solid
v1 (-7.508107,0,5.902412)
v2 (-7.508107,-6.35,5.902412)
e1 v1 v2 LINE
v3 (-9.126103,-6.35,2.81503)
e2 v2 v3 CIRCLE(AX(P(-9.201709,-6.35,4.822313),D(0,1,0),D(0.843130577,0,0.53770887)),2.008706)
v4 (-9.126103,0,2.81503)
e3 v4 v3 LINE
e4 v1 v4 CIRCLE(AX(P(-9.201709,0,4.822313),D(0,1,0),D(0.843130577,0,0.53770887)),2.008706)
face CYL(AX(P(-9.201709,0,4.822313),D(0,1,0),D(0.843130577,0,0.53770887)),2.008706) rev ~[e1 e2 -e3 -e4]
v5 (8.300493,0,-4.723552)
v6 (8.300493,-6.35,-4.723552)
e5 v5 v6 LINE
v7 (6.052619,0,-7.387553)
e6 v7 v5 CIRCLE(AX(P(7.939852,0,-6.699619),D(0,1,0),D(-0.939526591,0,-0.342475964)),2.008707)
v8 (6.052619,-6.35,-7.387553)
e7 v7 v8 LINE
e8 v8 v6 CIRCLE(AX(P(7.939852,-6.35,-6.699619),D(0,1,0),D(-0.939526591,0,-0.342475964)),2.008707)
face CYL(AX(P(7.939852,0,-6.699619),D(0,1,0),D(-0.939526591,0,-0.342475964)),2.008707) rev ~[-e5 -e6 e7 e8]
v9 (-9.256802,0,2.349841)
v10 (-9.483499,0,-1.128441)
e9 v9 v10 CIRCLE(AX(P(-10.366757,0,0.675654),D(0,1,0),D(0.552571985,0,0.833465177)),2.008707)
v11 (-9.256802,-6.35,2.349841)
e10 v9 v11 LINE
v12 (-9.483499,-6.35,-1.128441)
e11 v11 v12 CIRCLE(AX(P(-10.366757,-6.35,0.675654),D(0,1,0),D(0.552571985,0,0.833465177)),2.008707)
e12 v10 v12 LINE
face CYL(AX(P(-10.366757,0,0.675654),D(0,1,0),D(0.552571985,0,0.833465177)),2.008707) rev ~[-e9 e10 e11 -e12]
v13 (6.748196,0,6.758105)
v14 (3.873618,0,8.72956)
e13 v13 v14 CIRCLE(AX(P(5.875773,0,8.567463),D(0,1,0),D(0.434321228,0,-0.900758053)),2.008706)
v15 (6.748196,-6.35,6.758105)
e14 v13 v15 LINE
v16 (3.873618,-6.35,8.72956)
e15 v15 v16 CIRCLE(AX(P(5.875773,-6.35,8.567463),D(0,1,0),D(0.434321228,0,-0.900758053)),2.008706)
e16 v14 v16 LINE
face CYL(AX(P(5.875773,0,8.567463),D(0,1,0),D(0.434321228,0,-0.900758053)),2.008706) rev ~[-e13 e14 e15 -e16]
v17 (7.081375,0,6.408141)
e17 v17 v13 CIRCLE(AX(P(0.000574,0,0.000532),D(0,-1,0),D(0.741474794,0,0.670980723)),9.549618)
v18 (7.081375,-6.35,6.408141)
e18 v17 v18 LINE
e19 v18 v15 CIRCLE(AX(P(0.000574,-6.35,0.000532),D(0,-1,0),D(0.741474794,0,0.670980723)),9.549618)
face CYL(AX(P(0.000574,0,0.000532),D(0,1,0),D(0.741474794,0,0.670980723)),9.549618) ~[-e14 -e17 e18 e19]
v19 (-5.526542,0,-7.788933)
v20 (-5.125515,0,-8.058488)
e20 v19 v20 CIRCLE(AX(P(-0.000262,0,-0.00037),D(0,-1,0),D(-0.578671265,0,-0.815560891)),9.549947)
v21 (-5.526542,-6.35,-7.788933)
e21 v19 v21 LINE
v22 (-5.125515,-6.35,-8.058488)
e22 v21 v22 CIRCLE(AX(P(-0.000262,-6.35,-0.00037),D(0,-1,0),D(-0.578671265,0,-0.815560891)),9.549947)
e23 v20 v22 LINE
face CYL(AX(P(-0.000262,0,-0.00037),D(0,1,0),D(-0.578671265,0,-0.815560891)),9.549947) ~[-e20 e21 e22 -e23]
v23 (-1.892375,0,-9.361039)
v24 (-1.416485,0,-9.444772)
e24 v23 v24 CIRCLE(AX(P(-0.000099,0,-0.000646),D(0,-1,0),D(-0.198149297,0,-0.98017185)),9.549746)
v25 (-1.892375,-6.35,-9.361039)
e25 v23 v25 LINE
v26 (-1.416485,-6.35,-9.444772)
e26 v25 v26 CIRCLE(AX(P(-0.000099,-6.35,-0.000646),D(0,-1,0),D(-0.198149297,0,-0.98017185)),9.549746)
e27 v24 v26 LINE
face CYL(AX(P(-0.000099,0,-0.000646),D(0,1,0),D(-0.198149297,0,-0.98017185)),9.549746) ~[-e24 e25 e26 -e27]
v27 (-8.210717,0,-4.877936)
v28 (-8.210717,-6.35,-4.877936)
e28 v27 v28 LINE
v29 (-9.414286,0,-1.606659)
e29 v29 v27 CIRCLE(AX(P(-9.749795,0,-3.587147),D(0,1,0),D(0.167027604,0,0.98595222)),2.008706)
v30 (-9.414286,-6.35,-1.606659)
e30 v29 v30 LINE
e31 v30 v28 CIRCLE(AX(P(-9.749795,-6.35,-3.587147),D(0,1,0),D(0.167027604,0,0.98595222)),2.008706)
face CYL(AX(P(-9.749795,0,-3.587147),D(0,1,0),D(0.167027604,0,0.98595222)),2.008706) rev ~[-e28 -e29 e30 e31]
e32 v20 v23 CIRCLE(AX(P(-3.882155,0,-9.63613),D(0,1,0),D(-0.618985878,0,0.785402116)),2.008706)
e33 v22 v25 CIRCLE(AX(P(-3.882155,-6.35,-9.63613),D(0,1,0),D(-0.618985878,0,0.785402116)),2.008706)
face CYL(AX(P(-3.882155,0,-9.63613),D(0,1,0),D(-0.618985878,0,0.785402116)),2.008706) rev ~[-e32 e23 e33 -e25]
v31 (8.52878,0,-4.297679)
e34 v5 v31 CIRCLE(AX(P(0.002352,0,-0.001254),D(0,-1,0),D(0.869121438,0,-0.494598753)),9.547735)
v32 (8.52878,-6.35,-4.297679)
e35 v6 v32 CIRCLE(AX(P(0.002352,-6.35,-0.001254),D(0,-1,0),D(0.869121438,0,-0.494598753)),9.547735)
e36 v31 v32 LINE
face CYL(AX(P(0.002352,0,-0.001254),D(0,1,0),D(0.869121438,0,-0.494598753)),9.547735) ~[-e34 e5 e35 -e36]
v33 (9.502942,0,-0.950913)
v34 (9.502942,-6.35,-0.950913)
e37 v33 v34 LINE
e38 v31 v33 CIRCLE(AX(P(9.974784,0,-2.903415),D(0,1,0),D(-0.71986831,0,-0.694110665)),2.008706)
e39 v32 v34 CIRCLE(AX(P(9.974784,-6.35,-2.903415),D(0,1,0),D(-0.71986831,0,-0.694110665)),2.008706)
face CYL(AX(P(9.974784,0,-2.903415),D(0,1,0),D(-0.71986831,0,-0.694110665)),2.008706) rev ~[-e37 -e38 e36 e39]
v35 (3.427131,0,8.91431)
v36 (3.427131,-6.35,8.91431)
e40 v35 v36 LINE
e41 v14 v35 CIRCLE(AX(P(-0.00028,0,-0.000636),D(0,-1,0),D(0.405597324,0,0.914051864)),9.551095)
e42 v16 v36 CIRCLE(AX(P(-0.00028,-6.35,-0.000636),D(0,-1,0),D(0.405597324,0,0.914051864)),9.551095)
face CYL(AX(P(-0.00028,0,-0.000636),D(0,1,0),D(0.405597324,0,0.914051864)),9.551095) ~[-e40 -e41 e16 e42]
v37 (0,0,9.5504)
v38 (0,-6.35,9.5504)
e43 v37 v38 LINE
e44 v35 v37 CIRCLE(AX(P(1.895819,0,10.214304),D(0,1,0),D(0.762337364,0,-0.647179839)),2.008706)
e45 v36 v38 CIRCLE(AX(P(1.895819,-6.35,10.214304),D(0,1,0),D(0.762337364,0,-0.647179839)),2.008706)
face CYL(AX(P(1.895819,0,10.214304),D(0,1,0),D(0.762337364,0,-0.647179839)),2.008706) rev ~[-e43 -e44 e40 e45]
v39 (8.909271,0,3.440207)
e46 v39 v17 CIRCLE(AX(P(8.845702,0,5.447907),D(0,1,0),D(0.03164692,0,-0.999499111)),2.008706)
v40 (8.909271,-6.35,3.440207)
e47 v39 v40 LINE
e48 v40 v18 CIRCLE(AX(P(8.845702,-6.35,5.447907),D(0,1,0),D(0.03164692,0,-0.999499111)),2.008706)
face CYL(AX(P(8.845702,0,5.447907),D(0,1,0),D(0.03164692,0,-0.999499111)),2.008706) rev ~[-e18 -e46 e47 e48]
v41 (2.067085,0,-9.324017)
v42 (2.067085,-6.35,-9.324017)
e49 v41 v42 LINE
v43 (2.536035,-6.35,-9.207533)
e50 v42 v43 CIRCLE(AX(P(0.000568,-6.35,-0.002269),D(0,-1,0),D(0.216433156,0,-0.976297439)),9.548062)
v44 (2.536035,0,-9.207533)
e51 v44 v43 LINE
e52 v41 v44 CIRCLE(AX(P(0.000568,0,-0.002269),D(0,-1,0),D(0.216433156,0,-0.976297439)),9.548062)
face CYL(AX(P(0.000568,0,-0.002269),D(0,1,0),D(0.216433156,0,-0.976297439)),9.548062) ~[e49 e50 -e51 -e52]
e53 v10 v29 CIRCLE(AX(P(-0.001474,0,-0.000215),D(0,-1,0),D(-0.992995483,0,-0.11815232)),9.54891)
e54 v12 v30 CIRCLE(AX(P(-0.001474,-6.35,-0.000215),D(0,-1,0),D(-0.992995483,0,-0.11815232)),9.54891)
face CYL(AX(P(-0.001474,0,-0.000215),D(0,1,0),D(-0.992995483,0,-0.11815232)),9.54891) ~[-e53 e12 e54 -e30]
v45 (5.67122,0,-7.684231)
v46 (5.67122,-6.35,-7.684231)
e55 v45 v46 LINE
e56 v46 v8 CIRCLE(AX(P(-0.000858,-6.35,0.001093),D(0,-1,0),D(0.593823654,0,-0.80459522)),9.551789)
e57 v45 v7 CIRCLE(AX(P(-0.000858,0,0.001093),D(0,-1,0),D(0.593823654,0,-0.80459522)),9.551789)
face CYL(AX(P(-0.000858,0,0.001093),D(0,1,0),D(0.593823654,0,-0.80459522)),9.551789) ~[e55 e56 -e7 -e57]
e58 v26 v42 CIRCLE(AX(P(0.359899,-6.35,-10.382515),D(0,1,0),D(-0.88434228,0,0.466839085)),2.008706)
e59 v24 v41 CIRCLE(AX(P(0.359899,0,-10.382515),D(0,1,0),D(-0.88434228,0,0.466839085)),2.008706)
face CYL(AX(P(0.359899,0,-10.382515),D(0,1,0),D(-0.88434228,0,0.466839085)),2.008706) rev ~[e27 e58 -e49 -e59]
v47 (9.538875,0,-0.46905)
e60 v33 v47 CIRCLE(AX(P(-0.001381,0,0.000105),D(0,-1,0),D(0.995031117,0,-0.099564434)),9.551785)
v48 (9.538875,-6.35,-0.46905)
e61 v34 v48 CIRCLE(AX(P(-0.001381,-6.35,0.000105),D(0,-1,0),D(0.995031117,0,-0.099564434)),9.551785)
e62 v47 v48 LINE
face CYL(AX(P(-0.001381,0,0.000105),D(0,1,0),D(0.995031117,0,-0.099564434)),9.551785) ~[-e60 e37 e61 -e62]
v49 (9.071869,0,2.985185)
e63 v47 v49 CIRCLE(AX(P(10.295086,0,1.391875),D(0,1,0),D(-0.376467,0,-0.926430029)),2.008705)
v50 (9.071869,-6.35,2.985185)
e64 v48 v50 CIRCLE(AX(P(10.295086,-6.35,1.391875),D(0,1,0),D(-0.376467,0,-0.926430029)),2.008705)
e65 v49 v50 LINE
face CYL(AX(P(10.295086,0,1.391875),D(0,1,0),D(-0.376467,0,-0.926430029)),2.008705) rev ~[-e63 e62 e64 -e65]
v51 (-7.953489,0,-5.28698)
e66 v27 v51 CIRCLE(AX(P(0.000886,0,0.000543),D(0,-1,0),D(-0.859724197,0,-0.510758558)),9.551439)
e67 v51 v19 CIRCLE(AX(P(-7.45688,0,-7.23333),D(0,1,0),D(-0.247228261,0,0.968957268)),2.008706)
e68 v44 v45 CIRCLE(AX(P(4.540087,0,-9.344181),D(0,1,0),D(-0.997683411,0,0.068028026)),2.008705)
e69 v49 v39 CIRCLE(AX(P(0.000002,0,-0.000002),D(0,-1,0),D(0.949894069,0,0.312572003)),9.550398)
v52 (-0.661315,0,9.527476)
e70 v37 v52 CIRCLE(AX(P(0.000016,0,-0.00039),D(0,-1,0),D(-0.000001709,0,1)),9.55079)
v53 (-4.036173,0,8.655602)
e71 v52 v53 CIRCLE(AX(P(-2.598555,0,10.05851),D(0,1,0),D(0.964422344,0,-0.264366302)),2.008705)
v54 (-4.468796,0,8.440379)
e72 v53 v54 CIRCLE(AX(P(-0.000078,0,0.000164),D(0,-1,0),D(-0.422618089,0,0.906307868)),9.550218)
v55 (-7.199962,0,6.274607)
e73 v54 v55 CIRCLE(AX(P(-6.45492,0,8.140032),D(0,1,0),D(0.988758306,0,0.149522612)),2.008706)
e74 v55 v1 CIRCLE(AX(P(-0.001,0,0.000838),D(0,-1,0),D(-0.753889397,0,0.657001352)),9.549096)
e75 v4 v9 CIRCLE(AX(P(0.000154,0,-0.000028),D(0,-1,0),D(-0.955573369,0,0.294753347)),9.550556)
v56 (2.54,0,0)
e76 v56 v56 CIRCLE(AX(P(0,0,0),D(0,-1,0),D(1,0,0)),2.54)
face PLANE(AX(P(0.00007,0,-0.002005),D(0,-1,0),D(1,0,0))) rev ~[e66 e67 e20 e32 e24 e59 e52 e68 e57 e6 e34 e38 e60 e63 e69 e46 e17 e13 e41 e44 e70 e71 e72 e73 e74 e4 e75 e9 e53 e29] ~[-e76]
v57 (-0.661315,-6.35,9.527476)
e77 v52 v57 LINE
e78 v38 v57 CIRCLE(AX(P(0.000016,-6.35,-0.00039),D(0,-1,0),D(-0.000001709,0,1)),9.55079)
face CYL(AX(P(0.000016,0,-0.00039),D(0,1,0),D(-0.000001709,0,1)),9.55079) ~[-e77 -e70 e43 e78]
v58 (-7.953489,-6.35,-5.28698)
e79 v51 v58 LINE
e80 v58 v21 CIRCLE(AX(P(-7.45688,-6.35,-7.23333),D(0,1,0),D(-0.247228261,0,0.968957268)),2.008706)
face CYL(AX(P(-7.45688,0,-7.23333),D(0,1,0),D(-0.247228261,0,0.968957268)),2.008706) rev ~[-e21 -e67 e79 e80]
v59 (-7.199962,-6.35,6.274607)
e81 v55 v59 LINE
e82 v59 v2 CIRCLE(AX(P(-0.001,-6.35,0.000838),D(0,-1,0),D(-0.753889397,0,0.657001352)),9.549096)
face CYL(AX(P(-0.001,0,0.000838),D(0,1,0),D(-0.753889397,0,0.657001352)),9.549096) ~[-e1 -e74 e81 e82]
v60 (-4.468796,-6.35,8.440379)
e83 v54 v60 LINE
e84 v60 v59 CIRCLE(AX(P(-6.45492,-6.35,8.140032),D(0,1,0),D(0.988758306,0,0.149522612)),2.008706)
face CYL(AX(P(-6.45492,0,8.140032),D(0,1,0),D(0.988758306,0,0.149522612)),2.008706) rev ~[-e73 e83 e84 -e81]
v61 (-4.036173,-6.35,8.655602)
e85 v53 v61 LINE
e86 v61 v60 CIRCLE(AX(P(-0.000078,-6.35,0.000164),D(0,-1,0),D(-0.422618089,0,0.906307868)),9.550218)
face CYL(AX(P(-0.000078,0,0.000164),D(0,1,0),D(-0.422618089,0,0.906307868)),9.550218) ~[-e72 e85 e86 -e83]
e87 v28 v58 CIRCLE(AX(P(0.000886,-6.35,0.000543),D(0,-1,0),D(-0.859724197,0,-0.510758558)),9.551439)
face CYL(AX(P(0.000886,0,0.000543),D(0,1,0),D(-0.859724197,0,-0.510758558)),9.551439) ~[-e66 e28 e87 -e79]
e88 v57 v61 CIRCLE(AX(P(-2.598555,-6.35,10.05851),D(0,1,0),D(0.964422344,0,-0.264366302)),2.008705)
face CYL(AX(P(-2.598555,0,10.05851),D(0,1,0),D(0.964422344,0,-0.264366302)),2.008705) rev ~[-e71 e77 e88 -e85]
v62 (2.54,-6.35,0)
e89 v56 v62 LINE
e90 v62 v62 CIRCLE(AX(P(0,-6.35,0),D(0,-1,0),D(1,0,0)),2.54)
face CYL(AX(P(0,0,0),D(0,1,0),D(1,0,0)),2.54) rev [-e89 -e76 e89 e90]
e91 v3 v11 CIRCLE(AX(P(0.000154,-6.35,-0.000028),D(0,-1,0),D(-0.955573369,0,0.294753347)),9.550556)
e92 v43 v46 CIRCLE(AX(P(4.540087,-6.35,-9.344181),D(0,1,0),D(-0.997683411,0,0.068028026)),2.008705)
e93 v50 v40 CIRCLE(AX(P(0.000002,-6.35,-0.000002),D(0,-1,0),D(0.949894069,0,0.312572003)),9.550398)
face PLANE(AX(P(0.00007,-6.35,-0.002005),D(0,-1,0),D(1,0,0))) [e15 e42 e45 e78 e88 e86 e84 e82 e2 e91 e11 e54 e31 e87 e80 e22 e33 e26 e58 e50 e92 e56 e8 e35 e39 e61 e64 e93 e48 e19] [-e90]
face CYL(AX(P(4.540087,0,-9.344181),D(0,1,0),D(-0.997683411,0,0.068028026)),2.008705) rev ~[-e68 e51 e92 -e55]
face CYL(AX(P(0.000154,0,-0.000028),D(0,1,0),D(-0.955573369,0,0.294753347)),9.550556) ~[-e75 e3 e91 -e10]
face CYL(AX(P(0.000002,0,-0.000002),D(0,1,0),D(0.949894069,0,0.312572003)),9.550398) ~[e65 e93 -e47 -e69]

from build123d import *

# Parameters (mm, degrees)
F0_R     = 2.54
F1_DEPTH = 6.35


with BuildPart() as f1:
    # F0 (on Front) → F1 (new body)
    with BuildSketch(Plane.XZ):
        with BuildLine():
            ThreePointArc((-4.468796, 8.440379), (-5.206836, 6.566125), (-7.199962, 6.274607))
            ThreePointArc((-7.199962, 6.274607), (-7.356389, 6.090459), (-7.508107, 5.902412))
            ThreePointArc((-7.508107, 5.902412), (-7.422522, 3.889899), (-9.126103, 2.81503))
            ThreePointArc((-9.126103, 2.81503), (-9.194395, 2.583262), (-9.256802, 2.349841))
            ThreePointArc((-9.256802, 2.349841), (-8.362303, 0.545014), (-9.483499, -1.128441))
            ThreePointArc((-9.483499, -1.128441), (-9.451918, -1.367987), (-9.414286, -1.606659))
            ThreePointArc((-9.414286, -1.606659), (-7.864634, -2.893558), (-8.210717, -4.877936))
            ThreePointArc((-8.210717, -4.877936), (-8.08469, -5.084085), (-7.953489, -5.28698))
            ThreePointArc((-7.953489, -5.28698), (-6.015063, -5.834737), (-5.526542, -7.788933))
            ThreePointArc((-5.526542, -7.788933), (-5.327734, -7.926247), (-5.125515, -8.058488))
            ThreePointArc((-5.125515, -8.058488), (-3.131525, -7.772946), (-1.892375, -9.361039))
            ThreePointArc((-1.892375, -9.361039), (-1.654959, -9.405916), (-1.416485, -9.444772))
            ThreePointArc((-1.416485, -9.444772), (0.290311, -8.375014), (2.067085, -9.324017))
            ThreePointArc((2.067085, -9.324017), (2.302297, -9.268742), (2.536035, -9.207533))
            ThreePointArc((2.536035, -9.207533), (3.662244, -7.537447), (5.67122, -7.684231))
            ThreePointArc((5.67122, -7.684231), (5.863796, -7.538304), (6.052619, -7.387553))
            ThreePointArc((6.052619, -7.387553), (6.40465, -5.404221), (8.300493, -4.723552))
            ThreePointArc((8.300493, -4.723552), (8.417331, -4.51206), (8.52878, -4.297679))
            ThreePointArc((8.52878, -4.297679), (8.04612, -2.342028), (9.502942, -0.950913))
            ThreePointArc((9.502942, -0.950913), (9.523956, -0.710209), (9.538875, -0.46905))
            ThreePointArc((9.538875, -0.46905), (8.304491, 1.122751), (9.071869, 2.985185))
            ThreePointArc((9.071869, 2.985185), (8.993448, 3.213725), (8.909271, 3.440207))
            ThreePointArc((8.909271, 3.440207), (7.13535, 4.394533), (7.081375, 6.408141))
            ThreePointArc((7.081375, 6.408141), (6.916999, 6.585231), (6.748196, 6.758105))
            ThreePointArc((6.748196, 6.758105), (4.739669, 6.91091), (3.873618, 8.72956))
            ThreePointArc((3.873618, 8.72956), (3.651543, 8.824759), (3.427131, 8.91431))
            ThreePointArc((3.427131, 8.91431), (1.529255, 8.239328), (0, 9.5504))
            ThreePointArc((0, 9.5504), (-0.330856, 9.544667), (-0.661315, 9.527476))
            ThreePointArc((-0.661315, 9.527476), (-2.096114, 8.113658), (-4.036173, 8.655602))
            ThreePointArc((-4.036173, 8.655602), (-4.253846, 8.550727), (-4.468796, 8.440379))
        make_face()
        Circle(F0_R, mode=Mode.SUBTRACT)
    extrude(amount=F1_DEPTH)


solid = f1.part
